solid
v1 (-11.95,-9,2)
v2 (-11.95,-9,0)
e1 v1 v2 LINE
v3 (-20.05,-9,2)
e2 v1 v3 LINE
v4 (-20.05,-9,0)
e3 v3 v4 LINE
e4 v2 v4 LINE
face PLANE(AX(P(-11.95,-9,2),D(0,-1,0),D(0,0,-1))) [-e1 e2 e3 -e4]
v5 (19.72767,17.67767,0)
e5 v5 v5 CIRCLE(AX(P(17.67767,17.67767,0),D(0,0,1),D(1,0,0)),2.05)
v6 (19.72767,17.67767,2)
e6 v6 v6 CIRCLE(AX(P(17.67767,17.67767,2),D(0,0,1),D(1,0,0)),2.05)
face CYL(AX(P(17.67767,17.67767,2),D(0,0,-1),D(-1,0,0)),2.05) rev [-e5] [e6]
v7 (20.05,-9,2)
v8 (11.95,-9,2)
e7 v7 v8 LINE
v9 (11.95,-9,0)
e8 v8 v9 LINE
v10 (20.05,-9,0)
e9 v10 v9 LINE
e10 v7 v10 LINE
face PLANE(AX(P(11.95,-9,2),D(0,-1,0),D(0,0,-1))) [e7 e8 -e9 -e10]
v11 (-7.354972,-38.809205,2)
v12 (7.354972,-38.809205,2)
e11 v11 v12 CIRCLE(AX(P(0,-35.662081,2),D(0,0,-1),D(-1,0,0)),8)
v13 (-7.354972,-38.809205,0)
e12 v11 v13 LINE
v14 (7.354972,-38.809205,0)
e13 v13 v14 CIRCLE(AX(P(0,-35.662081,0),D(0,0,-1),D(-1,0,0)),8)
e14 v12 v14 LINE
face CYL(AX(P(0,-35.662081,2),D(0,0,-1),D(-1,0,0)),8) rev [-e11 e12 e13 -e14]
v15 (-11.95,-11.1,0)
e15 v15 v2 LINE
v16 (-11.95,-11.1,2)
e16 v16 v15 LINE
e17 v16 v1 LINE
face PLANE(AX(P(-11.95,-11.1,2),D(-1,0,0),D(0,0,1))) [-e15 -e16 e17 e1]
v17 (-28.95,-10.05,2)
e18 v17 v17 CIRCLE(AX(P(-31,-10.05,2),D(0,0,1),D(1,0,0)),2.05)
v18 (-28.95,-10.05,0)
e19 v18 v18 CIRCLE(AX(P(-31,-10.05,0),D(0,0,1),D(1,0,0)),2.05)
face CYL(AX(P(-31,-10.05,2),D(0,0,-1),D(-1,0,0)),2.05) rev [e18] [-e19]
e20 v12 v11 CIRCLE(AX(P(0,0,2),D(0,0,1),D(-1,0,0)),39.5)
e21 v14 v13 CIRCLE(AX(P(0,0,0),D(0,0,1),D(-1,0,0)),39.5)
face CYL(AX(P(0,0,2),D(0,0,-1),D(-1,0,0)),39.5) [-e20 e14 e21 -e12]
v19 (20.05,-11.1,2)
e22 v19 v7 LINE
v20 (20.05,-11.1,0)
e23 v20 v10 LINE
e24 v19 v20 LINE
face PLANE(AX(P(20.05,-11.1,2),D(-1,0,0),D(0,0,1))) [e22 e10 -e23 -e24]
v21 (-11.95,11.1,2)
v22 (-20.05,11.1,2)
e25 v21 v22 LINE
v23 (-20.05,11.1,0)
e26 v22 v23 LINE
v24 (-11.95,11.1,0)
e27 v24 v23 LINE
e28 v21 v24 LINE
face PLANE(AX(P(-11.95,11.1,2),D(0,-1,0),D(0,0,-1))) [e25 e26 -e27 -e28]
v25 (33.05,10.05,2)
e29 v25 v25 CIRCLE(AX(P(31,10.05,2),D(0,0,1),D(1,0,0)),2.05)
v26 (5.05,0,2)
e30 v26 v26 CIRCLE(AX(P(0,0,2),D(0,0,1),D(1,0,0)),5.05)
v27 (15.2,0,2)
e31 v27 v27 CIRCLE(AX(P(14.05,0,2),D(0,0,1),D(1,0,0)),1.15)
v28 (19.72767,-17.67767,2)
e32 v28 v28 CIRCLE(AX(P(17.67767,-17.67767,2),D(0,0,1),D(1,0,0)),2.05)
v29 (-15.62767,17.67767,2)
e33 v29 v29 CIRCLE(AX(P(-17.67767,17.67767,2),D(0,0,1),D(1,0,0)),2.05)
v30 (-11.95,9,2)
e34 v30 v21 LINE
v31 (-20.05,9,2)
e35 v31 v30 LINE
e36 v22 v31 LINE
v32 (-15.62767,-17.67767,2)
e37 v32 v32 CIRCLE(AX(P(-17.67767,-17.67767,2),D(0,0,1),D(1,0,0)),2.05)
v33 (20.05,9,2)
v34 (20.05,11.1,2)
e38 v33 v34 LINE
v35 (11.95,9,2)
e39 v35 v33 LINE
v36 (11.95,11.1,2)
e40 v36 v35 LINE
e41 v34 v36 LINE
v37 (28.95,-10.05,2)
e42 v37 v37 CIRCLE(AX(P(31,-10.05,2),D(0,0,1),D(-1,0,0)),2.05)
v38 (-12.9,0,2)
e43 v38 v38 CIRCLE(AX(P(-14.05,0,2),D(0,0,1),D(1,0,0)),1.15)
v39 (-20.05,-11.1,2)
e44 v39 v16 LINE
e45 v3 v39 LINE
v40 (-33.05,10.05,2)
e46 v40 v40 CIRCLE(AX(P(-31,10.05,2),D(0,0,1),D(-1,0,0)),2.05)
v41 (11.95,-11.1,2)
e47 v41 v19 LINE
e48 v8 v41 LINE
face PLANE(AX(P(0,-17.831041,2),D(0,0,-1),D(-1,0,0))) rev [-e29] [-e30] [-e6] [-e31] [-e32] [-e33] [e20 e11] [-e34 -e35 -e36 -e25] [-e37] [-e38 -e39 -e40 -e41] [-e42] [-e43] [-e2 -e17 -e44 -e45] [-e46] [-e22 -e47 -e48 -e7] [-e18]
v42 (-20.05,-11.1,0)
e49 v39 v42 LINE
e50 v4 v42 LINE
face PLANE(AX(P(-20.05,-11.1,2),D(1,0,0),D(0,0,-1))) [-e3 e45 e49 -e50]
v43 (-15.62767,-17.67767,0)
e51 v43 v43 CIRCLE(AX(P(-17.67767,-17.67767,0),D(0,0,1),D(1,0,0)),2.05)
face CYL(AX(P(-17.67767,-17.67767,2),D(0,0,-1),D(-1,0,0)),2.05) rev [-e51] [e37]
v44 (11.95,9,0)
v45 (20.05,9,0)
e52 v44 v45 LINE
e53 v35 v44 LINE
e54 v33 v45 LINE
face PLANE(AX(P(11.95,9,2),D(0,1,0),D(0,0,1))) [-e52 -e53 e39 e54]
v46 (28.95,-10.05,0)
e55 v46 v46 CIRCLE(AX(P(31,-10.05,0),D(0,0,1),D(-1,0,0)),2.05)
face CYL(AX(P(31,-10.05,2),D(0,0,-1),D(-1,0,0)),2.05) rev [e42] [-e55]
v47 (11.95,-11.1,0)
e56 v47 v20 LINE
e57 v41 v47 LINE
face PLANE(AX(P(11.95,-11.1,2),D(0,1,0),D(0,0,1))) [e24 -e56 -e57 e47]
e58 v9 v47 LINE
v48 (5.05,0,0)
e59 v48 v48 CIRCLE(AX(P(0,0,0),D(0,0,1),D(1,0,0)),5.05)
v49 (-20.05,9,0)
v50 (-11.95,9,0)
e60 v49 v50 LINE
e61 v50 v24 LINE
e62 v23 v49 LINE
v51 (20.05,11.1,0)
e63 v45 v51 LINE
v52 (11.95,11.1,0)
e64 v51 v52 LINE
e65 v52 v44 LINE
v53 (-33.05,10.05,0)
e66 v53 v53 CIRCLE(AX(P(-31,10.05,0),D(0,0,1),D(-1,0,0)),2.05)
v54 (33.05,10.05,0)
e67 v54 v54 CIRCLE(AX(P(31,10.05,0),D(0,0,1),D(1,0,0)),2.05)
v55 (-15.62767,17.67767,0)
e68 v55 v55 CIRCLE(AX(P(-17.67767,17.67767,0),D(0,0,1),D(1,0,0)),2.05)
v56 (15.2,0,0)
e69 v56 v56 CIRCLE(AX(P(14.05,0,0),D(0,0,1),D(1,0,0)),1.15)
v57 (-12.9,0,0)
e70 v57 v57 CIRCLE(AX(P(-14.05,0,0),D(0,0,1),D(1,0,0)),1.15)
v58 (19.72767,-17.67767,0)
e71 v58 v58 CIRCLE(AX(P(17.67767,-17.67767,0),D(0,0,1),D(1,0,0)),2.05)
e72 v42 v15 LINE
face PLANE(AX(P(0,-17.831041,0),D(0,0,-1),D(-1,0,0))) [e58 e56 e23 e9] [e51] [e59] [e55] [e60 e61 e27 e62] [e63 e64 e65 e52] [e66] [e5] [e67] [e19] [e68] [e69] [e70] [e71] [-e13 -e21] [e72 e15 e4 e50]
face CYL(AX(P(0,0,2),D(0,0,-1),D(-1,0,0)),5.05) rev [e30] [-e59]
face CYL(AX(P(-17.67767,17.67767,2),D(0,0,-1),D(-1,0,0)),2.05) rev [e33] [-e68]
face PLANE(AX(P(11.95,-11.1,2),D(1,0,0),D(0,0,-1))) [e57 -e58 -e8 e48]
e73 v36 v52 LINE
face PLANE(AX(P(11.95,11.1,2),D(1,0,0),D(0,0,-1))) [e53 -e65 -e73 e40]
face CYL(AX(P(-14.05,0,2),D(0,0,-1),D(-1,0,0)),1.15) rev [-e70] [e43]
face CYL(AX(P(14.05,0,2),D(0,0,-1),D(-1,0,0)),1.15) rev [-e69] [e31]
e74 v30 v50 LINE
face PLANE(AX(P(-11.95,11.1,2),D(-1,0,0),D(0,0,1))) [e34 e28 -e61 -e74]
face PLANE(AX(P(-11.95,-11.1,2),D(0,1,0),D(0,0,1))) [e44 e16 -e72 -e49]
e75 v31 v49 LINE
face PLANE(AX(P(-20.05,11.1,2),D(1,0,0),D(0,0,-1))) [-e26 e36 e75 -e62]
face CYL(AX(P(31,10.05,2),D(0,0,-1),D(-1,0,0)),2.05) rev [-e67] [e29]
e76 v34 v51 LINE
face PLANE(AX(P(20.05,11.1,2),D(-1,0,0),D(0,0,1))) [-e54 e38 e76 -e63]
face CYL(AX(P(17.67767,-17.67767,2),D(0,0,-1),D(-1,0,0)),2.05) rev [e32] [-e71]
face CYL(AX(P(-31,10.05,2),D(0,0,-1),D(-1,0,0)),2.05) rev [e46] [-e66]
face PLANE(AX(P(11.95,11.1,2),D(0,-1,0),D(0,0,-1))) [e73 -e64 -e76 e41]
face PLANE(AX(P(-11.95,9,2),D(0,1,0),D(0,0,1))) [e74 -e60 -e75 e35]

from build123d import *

# Parameters (mm, degrees)
SKETCH_1_R      = 5.05
SKETCH_1_R_2    = 2.05
SKETCH_1_R_3    = 1.15
SKETCH_1_W      = 8.1
SKETCH_1_H      = 2.1
EXTRUDE_1_DEPTH = 2


with BuildPart() as part:
    # 草图1 → 凸台-拉伸1 (new body)
    with BuildSketch(Plane.XY):
        with BuildLine():
            ThreePointArc((-7.35497191, -38.809204942), (0, 39.5), (7.35497191, -38.809204942))
            ThreePointArc((7.35497191, -38.809204942), (0, -27.662081143), (-7.35497191, -38.809204942))
        make_face()
        Circle(SKETCH_1_R, mode=Mode.SUBTRACT)
        with Locations((-17.67766953, -17.67766953)):
            Circle(SKETCH_1_R_2, mode=Mode.SUBTRACT)
        with Locations((-17.67766953, 17.67766953)):
            Circle(SKETCH_1_R_2, mode=Mode.SUBTRACT)
        with Locations((17.67766953, 17.67766953)):
            Circle(SKETCH_1_R_2, mode=Mode.SUBTRACT)
        with Locations((17.67766953, -17.67766953)):
            Circle(SKETCH_1_R_2, mode=Mode.SUBTRACT)
        with Locations((31, 10.05)):
            Circle(SKETCH_1_R_2, mode=Mode.SUBTRACT)
        with Locations(Location((31, -10.05, 0), (0, 0, 180))):
            Circle(SKETCH_1_R_2, mode=Mode.SUBTRACT)
        with Locations((-31, -10.05)):
            Circle(SKETCH_1_R_2, mode=Mode.SUBTRACT)
        with Locations(Location((-31, 10.05, 0), (0, 0, 180))):
            Circle(SKETCH_1_R_2, mode=Mode.SUBTRACT)
        with Locations((-14.05, 0)):
            Circle(SKETCH_1_R_3, mode=Mode.SUBTRACT)
        with Locations((14.05, 0)):
            Circle(SKETCH_1_R_3, mode=Mode.SUBTRACT)
        with Locations((16, -10.05)):
            Rectangle(SKETCH_1_W, SKETCH_1_H, mode=Mode.SUBTRACT)
        with Locations((16, 10.05)):
            Rectangle(SKETCH_1_W, SKETCH_1_H, mode=Mode.SUBTRACT)
        with Locations((-16, 10.05)):
            Rectangle(SKETCH_1_W, SKETCH_1_H, mode=Mode.SUBTRACT)
        with Locations((-16, -10.05)):
            Rectangle(SKETCH_1_W, SKETCH_1_H, mode=Mode.SUBTRACT)
    extrude(amount=EXTRUDE_1_DEPTH)


solid = part.part
